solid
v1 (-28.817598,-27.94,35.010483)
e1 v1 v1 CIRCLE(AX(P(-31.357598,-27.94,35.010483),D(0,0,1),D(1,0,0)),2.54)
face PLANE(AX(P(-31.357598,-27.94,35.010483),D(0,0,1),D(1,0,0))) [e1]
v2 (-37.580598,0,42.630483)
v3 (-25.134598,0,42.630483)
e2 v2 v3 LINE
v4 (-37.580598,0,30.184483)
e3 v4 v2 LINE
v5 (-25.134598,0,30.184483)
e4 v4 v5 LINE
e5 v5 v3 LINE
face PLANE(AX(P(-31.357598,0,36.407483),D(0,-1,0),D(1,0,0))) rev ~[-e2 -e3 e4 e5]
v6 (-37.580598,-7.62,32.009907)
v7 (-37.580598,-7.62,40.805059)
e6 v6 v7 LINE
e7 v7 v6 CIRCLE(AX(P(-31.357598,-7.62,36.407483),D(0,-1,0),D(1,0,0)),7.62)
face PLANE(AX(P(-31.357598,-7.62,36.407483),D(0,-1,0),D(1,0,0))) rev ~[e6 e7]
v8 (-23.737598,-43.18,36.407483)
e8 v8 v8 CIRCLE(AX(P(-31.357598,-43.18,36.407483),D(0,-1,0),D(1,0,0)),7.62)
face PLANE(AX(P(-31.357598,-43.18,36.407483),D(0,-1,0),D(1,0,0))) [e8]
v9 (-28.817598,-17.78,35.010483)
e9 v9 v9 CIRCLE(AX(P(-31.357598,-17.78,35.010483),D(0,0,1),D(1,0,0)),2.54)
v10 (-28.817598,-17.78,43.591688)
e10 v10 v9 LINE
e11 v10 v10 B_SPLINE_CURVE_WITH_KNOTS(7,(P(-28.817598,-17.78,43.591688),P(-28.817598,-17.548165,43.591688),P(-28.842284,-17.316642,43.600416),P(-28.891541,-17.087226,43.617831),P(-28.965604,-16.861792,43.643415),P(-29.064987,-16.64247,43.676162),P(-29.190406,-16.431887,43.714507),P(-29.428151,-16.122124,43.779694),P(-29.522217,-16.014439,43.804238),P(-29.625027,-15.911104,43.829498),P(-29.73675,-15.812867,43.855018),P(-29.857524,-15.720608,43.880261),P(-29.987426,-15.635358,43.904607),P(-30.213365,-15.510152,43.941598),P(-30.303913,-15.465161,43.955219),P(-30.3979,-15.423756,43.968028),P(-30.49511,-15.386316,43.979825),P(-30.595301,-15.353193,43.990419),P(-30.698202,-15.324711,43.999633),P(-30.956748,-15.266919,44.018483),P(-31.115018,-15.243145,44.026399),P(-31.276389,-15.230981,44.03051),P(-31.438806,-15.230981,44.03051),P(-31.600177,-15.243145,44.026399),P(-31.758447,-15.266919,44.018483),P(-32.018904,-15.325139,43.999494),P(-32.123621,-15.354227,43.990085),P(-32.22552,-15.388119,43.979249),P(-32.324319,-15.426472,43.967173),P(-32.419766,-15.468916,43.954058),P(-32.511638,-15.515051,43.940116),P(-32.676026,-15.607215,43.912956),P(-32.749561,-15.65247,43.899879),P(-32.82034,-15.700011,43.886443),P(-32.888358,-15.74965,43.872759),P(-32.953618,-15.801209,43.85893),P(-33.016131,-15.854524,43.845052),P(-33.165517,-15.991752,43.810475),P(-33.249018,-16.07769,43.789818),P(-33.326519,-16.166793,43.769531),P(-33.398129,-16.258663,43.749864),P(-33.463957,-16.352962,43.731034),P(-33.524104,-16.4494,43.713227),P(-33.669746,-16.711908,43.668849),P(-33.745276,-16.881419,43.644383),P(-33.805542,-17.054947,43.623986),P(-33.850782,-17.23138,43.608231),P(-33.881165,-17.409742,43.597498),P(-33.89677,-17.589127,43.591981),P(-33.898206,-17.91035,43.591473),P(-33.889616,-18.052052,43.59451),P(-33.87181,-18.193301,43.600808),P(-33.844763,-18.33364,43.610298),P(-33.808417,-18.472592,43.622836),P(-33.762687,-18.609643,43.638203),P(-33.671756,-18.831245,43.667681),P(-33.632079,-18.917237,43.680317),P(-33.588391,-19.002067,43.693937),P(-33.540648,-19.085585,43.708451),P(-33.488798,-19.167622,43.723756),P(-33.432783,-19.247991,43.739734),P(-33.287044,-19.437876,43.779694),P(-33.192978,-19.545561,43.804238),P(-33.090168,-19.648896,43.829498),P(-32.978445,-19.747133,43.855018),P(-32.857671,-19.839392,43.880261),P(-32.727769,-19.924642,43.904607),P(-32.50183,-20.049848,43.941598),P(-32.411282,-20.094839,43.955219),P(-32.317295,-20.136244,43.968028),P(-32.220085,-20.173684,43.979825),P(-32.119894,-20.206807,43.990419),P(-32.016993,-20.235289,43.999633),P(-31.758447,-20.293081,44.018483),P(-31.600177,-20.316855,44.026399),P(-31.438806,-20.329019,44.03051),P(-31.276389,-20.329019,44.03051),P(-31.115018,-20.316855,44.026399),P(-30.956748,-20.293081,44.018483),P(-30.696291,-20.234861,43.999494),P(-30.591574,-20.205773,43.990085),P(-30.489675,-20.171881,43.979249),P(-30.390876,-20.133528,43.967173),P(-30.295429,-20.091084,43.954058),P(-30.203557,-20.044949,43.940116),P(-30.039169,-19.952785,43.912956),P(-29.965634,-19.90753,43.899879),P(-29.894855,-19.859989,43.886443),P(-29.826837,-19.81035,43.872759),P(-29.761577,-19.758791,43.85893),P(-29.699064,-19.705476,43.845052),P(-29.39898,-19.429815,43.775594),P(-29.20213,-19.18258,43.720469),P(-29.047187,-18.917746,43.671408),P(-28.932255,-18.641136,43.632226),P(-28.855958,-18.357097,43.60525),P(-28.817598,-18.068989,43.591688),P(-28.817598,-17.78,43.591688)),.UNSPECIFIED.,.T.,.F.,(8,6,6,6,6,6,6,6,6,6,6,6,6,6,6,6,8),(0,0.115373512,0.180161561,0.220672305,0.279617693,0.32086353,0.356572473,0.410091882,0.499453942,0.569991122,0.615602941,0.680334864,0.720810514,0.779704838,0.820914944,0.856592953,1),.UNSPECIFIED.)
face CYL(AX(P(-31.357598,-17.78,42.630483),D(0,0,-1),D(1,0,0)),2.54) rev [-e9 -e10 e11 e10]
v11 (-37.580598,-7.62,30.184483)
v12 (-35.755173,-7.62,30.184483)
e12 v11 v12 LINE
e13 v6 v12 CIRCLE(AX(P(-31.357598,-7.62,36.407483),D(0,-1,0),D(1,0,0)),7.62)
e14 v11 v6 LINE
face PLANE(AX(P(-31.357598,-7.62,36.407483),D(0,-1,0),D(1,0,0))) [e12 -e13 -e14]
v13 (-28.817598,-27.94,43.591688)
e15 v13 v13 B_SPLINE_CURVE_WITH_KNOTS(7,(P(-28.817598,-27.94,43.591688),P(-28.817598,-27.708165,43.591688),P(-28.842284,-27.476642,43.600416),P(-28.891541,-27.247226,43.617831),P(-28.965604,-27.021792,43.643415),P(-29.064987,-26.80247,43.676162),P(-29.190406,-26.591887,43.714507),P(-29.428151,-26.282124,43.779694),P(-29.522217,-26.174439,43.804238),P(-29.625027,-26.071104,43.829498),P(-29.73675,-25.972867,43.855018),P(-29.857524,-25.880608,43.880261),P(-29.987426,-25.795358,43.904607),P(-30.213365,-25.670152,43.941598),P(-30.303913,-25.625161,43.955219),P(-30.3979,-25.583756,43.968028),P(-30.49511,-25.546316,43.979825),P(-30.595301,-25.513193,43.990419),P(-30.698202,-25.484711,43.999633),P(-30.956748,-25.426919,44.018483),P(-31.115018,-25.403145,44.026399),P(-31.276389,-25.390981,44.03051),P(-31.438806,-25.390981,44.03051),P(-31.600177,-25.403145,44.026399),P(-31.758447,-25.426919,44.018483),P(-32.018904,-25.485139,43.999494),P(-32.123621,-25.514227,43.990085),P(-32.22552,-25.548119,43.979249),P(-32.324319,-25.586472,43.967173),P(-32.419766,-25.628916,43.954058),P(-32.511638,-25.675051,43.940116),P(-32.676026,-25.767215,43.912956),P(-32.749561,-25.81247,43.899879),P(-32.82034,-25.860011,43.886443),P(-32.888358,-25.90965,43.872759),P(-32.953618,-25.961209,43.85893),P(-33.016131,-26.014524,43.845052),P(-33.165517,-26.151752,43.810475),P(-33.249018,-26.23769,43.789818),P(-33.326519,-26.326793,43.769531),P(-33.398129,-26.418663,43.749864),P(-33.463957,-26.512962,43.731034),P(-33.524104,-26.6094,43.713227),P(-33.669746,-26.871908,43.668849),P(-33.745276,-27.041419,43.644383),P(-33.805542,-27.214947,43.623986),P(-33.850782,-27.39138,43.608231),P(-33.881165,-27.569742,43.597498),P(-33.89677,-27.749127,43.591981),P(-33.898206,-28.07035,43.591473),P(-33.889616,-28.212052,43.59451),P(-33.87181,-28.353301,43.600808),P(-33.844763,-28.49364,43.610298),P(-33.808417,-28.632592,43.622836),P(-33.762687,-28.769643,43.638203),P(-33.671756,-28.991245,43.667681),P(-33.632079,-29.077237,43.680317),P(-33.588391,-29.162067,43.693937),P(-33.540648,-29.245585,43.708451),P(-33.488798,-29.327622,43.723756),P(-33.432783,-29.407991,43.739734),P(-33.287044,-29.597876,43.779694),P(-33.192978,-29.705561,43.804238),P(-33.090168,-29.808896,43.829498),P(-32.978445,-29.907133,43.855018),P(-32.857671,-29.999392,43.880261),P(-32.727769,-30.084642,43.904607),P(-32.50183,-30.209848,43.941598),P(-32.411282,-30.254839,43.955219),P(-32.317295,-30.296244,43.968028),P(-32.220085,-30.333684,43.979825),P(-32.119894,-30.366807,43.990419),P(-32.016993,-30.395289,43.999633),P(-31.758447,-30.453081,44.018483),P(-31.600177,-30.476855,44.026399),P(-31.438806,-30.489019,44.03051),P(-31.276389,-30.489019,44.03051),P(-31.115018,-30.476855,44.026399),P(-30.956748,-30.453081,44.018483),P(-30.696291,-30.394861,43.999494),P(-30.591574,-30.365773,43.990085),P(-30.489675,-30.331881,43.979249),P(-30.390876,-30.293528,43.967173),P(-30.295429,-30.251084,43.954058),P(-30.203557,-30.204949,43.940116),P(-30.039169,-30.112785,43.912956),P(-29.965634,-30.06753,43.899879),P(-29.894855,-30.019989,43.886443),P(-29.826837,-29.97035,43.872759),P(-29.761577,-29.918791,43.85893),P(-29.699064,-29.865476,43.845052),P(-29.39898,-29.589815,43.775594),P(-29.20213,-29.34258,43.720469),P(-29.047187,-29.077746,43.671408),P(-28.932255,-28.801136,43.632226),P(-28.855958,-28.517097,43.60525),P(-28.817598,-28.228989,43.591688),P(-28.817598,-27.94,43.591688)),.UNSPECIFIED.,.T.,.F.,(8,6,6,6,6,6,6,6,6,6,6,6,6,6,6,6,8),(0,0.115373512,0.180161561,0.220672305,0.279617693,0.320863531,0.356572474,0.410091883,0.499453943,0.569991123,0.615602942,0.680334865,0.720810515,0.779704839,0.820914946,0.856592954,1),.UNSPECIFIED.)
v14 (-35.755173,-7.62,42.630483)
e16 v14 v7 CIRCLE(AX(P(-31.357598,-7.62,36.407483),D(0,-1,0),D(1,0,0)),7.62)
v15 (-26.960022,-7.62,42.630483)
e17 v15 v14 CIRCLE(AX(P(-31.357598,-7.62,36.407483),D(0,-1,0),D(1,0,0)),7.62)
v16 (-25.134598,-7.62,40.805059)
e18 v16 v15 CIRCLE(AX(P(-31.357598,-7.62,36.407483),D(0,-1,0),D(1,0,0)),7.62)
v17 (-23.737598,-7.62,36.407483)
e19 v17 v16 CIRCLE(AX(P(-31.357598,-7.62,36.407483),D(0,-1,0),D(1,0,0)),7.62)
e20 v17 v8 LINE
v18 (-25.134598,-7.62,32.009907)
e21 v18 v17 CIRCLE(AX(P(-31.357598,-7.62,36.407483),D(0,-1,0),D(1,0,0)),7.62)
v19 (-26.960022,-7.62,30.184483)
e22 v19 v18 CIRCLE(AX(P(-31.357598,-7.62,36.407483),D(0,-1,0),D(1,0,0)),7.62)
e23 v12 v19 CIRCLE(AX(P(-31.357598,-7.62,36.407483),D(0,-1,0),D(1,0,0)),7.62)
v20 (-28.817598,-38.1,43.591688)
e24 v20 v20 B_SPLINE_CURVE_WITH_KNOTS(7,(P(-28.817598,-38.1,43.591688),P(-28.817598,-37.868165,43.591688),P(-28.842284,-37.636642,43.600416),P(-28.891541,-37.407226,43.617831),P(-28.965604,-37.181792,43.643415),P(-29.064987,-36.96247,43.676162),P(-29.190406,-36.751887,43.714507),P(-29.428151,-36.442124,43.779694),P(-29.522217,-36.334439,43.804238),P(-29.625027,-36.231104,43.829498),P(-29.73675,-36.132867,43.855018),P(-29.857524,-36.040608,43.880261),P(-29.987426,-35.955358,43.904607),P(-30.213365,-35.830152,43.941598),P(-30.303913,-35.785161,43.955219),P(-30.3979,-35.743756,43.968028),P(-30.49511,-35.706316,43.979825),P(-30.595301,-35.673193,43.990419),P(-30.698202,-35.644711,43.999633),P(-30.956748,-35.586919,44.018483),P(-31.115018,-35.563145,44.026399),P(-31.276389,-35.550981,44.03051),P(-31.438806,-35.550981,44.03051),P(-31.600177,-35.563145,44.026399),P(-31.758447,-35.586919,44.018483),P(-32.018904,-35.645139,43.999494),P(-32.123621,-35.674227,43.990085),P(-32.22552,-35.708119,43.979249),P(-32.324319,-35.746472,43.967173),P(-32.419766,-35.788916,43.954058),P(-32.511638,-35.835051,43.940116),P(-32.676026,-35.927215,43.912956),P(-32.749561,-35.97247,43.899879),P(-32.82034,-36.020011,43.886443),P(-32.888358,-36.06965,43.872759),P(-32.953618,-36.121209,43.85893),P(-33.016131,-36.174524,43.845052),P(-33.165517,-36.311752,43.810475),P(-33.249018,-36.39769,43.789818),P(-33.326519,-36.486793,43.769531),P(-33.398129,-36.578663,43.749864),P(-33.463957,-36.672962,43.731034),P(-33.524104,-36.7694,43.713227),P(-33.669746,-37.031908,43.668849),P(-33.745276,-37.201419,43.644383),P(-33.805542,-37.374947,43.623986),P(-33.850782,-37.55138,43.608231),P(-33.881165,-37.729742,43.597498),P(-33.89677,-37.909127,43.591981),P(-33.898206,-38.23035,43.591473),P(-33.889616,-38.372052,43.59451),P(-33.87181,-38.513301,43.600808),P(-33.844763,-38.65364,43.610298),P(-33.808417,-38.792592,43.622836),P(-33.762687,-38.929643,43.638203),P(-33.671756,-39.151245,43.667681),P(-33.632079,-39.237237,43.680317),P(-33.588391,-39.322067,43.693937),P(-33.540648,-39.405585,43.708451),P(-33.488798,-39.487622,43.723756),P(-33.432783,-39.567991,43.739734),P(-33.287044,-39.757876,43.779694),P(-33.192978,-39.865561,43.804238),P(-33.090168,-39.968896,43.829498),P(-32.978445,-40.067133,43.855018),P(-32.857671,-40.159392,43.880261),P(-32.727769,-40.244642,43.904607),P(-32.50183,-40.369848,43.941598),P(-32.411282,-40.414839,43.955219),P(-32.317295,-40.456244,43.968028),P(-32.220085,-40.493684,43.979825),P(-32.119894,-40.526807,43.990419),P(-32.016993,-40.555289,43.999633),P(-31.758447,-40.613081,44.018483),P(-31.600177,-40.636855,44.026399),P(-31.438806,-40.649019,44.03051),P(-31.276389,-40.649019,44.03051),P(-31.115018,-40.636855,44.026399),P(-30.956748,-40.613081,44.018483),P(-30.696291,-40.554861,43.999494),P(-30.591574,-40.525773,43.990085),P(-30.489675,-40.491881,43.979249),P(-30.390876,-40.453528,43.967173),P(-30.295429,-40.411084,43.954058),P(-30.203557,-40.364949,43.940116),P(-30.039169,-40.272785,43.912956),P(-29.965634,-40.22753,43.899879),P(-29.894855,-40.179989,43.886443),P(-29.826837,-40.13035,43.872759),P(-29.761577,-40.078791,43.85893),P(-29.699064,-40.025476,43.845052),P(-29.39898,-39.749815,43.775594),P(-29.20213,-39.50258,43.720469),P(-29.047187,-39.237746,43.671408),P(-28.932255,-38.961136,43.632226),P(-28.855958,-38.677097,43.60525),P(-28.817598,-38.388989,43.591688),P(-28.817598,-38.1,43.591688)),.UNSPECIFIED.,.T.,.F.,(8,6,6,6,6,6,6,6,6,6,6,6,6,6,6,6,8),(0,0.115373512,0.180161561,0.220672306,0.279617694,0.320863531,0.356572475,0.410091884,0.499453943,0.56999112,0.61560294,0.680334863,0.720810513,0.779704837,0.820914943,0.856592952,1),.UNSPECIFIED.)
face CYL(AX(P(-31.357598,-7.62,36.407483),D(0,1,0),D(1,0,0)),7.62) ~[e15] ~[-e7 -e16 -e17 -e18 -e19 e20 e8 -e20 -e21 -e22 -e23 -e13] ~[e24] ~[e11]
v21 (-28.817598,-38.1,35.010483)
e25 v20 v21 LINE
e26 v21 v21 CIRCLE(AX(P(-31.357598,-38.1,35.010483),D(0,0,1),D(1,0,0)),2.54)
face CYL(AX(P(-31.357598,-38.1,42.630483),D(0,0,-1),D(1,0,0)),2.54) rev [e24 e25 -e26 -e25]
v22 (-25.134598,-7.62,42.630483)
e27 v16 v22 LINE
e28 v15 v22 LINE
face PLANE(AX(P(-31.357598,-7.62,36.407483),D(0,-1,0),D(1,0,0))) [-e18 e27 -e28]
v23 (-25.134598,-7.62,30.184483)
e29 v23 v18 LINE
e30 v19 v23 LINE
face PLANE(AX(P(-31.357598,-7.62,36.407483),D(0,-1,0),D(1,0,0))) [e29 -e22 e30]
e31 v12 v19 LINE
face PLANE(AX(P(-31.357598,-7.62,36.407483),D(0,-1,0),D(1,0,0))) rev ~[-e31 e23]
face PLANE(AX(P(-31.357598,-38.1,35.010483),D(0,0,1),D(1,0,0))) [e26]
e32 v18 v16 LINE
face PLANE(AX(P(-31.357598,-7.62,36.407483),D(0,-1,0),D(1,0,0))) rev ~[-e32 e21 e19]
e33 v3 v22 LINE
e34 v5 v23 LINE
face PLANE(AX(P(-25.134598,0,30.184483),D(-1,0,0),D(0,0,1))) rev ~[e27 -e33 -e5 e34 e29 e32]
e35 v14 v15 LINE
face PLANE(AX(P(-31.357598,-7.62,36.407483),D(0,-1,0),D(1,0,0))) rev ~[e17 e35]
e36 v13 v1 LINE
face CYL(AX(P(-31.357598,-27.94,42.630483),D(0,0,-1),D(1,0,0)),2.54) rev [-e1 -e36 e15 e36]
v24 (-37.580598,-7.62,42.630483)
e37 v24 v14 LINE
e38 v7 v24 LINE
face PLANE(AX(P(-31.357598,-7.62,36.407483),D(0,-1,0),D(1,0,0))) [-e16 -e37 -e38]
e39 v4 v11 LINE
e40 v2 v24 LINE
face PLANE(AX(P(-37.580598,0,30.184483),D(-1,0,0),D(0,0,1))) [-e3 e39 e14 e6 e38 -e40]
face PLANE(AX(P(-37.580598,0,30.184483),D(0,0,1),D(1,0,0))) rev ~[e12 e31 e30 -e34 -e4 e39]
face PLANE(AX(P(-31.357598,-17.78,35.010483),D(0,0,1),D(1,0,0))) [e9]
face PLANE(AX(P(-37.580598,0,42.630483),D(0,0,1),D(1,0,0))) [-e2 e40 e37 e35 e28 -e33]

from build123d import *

# Parameters (mm, degrees)
F0_W          = 12.446
F0_H          = 12.446
F1_DEPTH      = 7.62
F2_R          = 7.62
F3_DEPTH      = 35.56
F4_R          = 2.54
F5_DEPTH      = 7.62
F5_DEPTH_BACK = 25.4


with BuildPart() as f1:
    # F0 (on Front) → F1 (new body)
    with BuildSketch(Plane.XZ):
        with Locations((-31.3575975597, 36.4074829547)):
            Rectangle(F0_W, F0_H)
    extrude(amount=F1_DEPTH)

    # F2 (on face) → F3 (join)
    with BuildSketch(Plane.XZ.offset(7.62)):
        with Locations((-31.3575975597, 36.4074829547)):
            Circle(F2_R)
    extrude(amount=F3_DEPTH)

    # F4 (on face) → F5 (cut, two sides)
    with BuildSketch(Plane.XY.offset(42.6304829547)) as f5_sk:
        with Locations((-31.3575975597, -17.78)):
            Circle(F4_R)
        with Locations((-31.3575975597, -27.94)):
            Circle(F4_R)
        with Locations((-31.3575975597, -38.1)):
            Circle(F4_R)
    extrude(amount=-F5_DEPTH, mode=Mode.SUBTRACT)
    extrude(f5_sk.sketch, amount=F5_DEPTH_BACK, mode=Mode.SUBTRACT)


solid = f1.part
